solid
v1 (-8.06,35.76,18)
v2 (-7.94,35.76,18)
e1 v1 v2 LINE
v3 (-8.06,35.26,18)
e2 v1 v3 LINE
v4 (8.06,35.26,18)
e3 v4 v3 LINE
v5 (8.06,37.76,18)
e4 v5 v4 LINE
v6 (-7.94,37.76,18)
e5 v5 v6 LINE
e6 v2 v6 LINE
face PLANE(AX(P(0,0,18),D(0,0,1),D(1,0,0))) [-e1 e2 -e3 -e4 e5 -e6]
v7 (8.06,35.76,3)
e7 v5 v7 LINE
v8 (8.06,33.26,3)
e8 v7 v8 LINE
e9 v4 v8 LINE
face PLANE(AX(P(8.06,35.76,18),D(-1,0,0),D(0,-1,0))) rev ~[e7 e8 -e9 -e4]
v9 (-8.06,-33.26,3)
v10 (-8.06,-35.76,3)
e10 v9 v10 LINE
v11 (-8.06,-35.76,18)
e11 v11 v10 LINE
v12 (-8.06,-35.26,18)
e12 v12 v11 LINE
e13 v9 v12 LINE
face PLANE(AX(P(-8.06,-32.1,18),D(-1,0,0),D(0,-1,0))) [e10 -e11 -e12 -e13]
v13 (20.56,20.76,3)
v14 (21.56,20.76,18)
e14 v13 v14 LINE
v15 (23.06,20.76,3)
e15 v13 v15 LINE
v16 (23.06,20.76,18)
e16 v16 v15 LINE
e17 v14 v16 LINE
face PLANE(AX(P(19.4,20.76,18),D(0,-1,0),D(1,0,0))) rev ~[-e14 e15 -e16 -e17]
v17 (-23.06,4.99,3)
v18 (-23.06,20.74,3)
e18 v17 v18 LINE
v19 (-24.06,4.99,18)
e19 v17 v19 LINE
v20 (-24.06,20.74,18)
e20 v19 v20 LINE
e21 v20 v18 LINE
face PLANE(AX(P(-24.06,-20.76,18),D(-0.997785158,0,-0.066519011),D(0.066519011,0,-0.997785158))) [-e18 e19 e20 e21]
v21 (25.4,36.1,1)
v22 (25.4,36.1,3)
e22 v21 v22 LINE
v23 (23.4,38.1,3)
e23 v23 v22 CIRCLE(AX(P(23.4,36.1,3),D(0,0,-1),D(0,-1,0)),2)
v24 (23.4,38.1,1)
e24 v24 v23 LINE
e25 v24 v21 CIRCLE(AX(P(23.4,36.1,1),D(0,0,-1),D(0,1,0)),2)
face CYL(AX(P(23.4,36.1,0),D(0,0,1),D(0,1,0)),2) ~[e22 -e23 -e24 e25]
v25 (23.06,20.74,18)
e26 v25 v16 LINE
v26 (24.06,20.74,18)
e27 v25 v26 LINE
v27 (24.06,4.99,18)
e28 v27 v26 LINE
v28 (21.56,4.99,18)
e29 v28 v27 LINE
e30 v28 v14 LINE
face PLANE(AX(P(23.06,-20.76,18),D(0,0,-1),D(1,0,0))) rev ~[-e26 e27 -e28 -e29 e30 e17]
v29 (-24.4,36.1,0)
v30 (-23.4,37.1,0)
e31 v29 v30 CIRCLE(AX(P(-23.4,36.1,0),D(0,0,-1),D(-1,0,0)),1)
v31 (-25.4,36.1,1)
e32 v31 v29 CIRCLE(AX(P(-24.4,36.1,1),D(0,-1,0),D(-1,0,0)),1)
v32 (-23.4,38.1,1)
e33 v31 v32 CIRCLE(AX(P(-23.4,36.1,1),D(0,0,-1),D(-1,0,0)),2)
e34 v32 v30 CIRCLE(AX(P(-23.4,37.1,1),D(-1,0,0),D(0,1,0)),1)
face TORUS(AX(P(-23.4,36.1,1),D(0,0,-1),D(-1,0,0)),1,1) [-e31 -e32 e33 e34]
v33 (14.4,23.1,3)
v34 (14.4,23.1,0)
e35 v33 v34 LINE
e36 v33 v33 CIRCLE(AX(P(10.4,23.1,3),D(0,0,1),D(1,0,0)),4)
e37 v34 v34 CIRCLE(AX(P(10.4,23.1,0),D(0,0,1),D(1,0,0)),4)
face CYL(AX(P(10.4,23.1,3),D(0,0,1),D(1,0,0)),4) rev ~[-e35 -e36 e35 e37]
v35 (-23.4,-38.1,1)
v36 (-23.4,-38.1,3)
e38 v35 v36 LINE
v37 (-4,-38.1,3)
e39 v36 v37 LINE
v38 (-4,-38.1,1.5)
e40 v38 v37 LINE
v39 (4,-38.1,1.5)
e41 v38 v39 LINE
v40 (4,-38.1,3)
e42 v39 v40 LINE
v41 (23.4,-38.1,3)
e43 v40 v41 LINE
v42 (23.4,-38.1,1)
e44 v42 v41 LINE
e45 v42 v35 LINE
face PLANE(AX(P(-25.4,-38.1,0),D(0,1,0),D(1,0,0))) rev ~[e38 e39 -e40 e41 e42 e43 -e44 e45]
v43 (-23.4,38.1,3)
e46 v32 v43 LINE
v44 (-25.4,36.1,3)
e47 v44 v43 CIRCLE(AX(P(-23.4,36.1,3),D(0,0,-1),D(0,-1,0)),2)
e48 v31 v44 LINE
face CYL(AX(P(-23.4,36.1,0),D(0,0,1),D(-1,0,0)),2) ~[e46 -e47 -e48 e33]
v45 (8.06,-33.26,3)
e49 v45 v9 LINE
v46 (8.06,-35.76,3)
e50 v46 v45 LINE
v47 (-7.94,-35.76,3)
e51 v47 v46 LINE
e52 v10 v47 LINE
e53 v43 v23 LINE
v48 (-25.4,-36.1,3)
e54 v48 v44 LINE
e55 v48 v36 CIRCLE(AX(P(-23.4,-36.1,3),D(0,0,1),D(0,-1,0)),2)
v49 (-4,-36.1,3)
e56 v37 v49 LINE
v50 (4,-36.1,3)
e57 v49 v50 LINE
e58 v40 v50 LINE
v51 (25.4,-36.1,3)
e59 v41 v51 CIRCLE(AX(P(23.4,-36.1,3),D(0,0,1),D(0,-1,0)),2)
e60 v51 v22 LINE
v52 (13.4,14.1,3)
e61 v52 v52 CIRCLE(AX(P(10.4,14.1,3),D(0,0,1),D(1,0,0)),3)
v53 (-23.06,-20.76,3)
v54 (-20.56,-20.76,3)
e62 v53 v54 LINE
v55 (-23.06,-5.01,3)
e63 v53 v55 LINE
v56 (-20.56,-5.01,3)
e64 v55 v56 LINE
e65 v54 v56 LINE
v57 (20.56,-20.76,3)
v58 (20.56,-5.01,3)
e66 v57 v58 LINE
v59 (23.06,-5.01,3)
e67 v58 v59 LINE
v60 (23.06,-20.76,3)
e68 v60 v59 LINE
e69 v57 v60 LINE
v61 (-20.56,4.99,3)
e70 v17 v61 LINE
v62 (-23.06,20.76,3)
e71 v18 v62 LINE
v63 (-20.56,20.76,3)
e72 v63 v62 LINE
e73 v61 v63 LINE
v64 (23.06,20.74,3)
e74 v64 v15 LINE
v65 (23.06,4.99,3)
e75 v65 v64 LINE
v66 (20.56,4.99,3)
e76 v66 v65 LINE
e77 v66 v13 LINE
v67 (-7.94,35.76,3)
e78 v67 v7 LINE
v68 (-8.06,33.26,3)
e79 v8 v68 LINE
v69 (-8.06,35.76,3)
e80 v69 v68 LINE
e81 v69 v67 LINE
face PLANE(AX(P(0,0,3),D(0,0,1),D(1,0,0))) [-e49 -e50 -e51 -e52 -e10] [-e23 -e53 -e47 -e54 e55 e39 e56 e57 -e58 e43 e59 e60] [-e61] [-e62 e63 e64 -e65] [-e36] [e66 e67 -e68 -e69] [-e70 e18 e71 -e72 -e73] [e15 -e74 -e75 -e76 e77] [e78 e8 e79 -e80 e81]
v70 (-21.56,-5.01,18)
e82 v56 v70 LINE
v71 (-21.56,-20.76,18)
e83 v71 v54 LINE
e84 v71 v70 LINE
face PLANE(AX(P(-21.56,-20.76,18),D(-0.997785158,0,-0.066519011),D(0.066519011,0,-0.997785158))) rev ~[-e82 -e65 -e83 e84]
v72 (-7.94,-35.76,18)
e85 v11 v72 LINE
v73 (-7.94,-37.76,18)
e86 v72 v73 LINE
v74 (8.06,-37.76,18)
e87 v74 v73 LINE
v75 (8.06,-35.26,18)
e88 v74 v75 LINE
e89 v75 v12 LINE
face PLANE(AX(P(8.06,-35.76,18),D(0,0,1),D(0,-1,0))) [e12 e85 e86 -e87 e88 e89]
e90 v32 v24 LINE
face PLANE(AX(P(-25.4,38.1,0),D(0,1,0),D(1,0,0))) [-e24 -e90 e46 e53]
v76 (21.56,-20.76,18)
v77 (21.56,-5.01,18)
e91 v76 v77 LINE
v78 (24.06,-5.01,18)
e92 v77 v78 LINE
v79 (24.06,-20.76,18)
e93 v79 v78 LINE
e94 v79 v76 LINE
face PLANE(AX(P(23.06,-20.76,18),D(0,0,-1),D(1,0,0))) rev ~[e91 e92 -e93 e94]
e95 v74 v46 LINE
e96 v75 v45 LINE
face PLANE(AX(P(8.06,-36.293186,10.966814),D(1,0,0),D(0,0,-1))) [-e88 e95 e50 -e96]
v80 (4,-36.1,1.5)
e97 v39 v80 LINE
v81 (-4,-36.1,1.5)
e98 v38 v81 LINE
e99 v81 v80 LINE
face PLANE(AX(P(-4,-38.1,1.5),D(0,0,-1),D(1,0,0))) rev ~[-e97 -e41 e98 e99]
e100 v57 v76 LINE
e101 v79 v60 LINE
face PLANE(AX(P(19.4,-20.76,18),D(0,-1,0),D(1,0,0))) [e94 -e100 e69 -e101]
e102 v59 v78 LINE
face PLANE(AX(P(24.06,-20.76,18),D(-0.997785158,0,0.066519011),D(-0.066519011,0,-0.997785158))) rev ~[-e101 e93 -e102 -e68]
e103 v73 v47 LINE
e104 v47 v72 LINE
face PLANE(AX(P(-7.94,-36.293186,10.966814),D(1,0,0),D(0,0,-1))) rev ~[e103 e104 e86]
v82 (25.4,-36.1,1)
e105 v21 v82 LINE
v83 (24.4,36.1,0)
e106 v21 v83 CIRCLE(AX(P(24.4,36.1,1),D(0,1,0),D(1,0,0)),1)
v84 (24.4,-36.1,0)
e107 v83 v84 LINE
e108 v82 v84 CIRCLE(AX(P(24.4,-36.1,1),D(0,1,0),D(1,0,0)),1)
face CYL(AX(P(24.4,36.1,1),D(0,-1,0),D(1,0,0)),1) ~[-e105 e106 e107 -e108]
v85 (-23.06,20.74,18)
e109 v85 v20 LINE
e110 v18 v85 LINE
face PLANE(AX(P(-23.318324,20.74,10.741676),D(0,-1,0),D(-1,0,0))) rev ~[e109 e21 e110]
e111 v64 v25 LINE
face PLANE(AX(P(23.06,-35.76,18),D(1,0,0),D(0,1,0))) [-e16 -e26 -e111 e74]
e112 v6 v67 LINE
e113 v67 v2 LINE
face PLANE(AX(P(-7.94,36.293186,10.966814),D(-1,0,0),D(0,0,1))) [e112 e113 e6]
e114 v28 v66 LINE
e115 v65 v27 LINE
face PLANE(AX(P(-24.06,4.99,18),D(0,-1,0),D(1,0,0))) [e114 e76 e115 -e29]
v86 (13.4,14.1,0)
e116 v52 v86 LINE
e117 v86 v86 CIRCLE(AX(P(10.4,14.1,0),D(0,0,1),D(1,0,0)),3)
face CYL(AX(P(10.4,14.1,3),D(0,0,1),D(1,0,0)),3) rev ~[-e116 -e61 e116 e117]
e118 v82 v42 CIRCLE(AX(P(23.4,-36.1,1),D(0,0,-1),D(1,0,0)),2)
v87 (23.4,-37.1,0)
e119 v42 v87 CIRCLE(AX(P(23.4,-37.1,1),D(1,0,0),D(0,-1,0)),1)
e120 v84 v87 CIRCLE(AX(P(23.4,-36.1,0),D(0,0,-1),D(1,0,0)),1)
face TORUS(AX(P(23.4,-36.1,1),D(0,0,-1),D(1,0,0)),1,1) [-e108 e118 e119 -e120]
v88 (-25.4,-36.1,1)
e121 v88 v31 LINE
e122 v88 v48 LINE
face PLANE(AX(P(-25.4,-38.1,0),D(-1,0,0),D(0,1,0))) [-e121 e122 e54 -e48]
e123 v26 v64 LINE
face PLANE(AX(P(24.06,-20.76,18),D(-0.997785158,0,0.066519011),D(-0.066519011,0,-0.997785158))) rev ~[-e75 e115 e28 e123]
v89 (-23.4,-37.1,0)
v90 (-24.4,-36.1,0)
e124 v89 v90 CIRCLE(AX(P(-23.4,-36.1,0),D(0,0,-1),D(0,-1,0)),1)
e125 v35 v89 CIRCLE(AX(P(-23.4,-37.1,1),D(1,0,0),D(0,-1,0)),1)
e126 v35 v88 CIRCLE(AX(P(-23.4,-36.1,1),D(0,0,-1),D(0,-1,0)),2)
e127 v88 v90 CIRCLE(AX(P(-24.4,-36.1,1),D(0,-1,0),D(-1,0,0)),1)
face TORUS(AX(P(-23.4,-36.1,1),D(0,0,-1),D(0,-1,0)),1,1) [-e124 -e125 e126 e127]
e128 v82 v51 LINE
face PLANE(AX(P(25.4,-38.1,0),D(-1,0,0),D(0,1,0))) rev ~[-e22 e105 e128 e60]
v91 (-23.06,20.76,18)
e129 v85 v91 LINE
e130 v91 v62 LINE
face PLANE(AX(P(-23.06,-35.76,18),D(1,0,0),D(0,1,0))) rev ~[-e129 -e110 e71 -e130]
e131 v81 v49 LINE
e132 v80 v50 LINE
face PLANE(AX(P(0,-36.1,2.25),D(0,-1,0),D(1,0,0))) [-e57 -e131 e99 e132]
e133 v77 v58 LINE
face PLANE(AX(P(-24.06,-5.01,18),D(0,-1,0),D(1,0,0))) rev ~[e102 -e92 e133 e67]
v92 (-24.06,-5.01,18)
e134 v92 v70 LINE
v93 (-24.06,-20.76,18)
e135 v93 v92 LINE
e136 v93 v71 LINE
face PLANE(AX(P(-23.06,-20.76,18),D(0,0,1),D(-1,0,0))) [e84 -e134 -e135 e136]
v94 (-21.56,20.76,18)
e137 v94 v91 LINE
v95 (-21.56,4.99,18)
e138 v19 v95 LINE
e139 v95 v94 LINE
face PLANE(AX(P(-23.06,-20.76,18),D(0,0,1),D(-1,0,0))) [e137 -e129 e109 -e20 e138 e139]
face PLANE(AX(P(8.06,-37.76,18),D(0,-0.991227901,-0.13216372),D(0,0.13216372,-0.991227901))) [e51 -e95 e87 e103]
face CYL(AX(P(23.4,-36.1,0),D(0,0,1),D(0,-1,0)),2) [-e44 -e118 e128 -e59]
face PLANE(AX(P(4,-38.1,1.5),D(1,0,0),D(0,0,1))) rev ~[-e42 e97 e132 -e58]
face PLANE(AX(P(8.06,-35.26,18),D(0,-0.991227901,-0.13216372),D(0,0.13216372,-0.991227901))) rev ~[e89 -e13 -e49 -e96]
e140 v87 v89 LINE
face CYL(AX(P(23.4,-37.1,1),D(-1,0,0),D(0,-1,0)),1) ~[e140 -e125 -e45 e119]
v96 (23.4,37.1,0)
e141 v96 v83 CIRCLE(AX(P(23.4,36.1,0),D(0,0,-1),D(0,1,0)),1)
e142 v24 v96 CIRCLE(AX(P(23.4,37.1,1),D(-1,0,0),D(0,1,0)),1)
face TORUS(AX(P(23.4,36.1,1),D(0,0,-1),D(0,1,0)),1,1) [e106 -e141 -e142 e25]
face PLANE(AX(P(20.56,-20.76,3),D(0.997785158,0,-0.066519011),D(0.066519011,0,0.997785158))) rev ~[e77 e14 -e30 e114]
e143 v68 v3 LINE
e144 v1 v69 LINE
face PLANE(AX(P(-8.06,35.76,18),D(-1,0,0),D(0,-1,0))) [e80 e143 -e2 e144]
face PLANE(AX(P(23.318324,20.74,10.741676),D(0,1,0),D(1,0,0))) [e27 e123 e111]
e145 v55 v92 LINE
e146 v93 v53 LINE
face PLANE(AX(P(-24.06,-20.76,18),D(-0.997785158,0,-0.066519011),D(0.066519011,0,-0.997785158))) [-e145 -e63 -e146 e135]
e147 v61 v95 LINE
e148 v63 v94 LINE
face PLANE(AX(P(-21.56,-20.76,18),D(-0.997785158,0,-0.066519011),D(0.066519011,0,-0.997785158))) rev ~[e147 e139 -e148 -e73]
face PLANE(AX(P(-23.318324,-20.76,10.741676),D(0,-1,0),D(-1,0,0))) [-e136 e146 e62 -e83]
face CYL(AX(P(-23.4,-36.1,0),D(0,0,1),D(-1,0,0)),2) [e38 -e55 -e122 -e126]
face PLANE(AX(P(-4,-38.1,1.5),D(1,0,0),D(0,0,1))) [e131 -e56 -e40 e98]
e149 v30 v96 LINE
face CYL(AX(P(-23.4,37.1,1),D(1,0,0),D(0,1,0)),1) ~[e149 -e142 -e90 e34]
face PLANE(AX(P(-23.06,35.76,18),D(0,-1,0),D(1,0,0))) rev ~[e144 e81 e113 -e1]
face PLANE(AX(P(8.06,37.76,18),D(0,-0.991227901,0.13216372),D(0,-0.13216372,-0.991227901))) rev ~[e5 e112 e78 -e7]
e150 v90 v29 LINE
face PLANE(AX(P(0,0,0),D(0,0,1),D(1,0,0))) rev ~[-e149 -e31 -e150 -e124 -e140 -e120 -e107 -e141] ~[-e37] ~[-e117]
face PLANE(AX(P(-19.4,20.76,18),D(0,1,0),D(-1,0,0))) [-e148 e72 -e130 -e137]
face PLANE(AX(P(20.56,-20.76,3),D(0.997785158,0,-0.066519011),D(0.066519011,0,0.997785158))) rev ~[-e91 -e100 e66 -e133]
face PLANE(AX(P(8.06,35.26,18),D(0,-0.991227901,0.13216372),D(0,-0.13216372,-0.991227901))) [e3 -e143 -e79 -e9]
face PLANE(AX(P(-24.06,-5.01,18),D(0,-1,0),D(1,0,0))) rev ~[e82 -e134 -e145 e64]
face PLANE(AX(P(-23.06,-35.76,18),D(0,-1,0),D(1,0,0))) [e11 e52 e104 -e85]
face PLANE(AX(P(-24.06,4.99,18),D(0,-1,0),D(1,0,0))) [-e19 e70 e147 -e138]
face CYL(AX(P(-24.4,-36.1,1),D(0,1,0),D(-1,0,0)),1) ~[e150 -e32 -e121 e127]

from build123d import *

# Parameters (mm, degrees)
CROQUIS1_W              = 50.8
CROQUIS1_H              = 76.2
SALIENTE_EXTRUIR1_DEPTH = 18
CROQUIS2_W              = 50.8
CROQUIS2_H              = 76.2
CROQUIS2_W_2            = 46.12
CROQUIS2_H_2            = 71.52
CROQUIS2_W_3            = 38.8
CROQUIS2_H_3            = 64.2
CORTAR_EXTRUIR1_DEPTH   = 15
CORTAR_EXTRUIR8_DEPTH   = 15
SALIENTE_EXTRUIR3_DEPTH = 41.5
CORTAR_EXTRUIR9_DEPTH   = 51.5
CORTAR_EXTRUIR10_DEPTH  = 51.5
SALIENTE_EXTRUIR4_DEPTH = 16
CORTAR_EXTRUIR11_DEPTH  = 16.5
REDONDEO3_R             = 2
REDONDEO4_R             = 1
CROQUIS15_W             = 48.12
CROQUIS15_H             = 10
CORTAR_EXTRUIR12_DEPTH  = 15
CROQUIS16_W             = 8
CROQUIS16_H             = 1.5
CORTAR_EXTRUIR13_DEPTH  = 2
CROQUIS17_R             = 4
CROQUIS17_R_2           = 3
CORTAR_EXTRUIR14_DEPTH  = 10


with BuildPart() as part:
    # Croquis1 → Saliente-Extruir1 (new body)
    with BuildSketch(Plane.XY):
        Rectangle(CROQUIS1_W, CROQUIS1_H)
    extrude(amount=SALIENTE_EXTRUIR1_DEPTH)

    # Croquis2 → Cortar-Extruir1 (cut)
    # profile 1 of 2: a face of its own
    with BuildSketch(Plane.XY.offset(18)):
        Rectangle(CROQUIS2_W, CROQUIS2_H)
        Rectangle(CROQUIS2_W_2, CROQUIS2_H_2, mode=Mode.SUBTRACT)
    # profile 2 of 2: a face of its own
    with BuildSketch(Plane.XY.offset(18)):
        Rectangle(CROQUIS2_W_3, CROQUIS2_H_3)
    extrude(amount=-CORTAR_EXTRUIR1_DEPTH, mode=Mode.SUBTRACT)

    # Croquis6 → Cortar-Extruir8 (cut)
    with BuildSketch(Plane.XY.offset(18)):
        Polygon((-23.06, 35.76), (-8.06, 35.76), (-8.06, 32.1), (-19.4, 32.1), (-19.4, 20.76), (-23.06, 20.76), align=None)
        Polygon((23.06, 35.76), (8.06, 35.76), (8.06, 32.1), (19.4, 32.1), (19.4, 20.76), (23.06, 20.76), align=None)
        Polygon((-23.06, -35.76), (-23.06, -20.76), (-19.4, -20.76), (-19.4, -32.1), (-8.06, -32.1), (-8.06, -35.76), align=None)
        Polygon((23.06, -35.76), (8.06, -35.76), (8.06, -32.1), (19.4, -32.1), (19.4, -20.76), (23.06, -20.76), align=None)
    extrude(amount=-CORTAR_EXTRUIR8_DEPTH, mode=Mode.SUBTRACT)

    # Croquis10 → Saliente-Extruir3 (add)
    with BuildSketch(Plane(origin=(0, -20.76, 0), x_dir=(-1, 0, 0), z_dir=(0, -1, 0))):
        Polygon((23.06, -18), (24.06, -18), (23.06, -3), align=None)
        Polygon((-23.06, -18), (-24.06, -18), (-23.06, -3), align=None)
    extrude(amount=-SALIENTE_EXTRUIR3_DEPTH)

    # Croquis11 → Cortar-Extruir9 (cut)
    with BuildSketch(Plane.XZ.offset(20.76)):
        Polygon((-19.4, 18), (-21.56, 18), (-20.56, 3), (-19.4, 3), align=None)
    extrude(amount=-CORTAR_EXTRUIR9_DEPTH, mode=Mode.SUBTRACT)

    # Croquis12 → Cortar-Extruir10 (cut)
    with BuildSketch(Plane.XZ.offset(20.76)):
        Polygon((19.4, 18), (19.4, 3), (20.56, 3), (21.56, 18), align=None)
    extrude(amount=-CORTAR_EXTRUIR10_DEPTH, mode=Mode.SUBTRACT)

    # Croquis13 → Saliente-Extruir4 (add)
    with BuildSketch(Plane(origin=(8.06, 0, 0), x_dir=(0, 0, -1), z_dir=(1, 0, 0))):
        Polygon((-18, -35.76), (-18, -37.76), (-3, -35.76), align=None)
        Polygon((-18, 35.76), (-18, 37.76), (-3, 35.76), align=None)
    extrude(amount=-SALIENTE_EXTRUIR4_DEPTH)

    # Croquis14 → Cortar-Extruir11 (cut)
    with BuildSketch(Plane(origin=(8.06, 0, 0), x_dir=(0, 0, -1), z_dir=(1, 0, 0))):
        Polygon((-3, -32.1), (-18, -32.1), (-18, -35.26), (-3, -33.26), align=None)
        Polygon((-18, 32.1), (-18, 35.26), (-3, 33.26), (-3, 32.1), align=None)
    extrude(amount=-CORTAR_EXTRUIR11_DEPTH, mode=Mode.SUBTRACT)

    # Redondeo3
    redondeo3_edges = [part.edges().sort_by_distance(p)[0] for p in [
        (-25.4, 38.1, 1.5),
        (25.4, 38.1, 1.5),
        (25.4, -38.1, 1.5),
        (-25.4, -38.1, 1.5),
    ]]
    fillet(redondeo3_edges, radius=REDONDEO3_R)

    # Redondeo4
    redondeo4_edges = [part.edges().sort_by_distance(p)[0] for p in [
        (0, 38.1, 0),
        (-25.4, 0, 0),
        (25.4, 0, 0),
        (0, -38.1, 0),
        (24.814213562, -37.514213562, 0),
        (-24.814213562, -37.514213562, 0),
        (-24.814213562, 37.514213562, 0),
        (24.814213562, 37.514213562, 0),
    ]]
    fillet(redondeo4_edges, radius=REDONDEO4_R)

    # Croquis15 → Cortar-Extruir12 (cut)
    with BuildSketch(Plane.XY.offset(18)):
        with Locations((0, -0.01)):
            Rectangle(CROQUIS15_W, CROQUIS15_H)
    extrude(amount=-CORTAR_EXTRUIR12_DEPTH, mode=Mode.SUBTRACT)

    # Croquis16 → Cortar-Extruir13 (cut)
    with BuildSketch(Plane.XZ.offset(38.1)):
        with Locations((0, 2.25)):
            Rectangle(CROQUIS16_W, CROQUIS16_H)
    extrude(amount=-CORTAR_EXTRUIR13_DEPTH, mode=Mode.SUBTRACT)

    # Croquis17 → Cortar-Extruir14 (cut)
    with BuildSketch(Plane.XY.offset(3)):
        with Locations((10.4, 23.1)):
            Circle(CROQUIS17_R)
        with Locations((10.4, 14.1)):
            Circle(CROQUIS17_R_2)
    extrude(amount=-CORTAR_EXTRUIR14_DEPTH, mode=Mode.SUBTRACT)


solid = part.part
